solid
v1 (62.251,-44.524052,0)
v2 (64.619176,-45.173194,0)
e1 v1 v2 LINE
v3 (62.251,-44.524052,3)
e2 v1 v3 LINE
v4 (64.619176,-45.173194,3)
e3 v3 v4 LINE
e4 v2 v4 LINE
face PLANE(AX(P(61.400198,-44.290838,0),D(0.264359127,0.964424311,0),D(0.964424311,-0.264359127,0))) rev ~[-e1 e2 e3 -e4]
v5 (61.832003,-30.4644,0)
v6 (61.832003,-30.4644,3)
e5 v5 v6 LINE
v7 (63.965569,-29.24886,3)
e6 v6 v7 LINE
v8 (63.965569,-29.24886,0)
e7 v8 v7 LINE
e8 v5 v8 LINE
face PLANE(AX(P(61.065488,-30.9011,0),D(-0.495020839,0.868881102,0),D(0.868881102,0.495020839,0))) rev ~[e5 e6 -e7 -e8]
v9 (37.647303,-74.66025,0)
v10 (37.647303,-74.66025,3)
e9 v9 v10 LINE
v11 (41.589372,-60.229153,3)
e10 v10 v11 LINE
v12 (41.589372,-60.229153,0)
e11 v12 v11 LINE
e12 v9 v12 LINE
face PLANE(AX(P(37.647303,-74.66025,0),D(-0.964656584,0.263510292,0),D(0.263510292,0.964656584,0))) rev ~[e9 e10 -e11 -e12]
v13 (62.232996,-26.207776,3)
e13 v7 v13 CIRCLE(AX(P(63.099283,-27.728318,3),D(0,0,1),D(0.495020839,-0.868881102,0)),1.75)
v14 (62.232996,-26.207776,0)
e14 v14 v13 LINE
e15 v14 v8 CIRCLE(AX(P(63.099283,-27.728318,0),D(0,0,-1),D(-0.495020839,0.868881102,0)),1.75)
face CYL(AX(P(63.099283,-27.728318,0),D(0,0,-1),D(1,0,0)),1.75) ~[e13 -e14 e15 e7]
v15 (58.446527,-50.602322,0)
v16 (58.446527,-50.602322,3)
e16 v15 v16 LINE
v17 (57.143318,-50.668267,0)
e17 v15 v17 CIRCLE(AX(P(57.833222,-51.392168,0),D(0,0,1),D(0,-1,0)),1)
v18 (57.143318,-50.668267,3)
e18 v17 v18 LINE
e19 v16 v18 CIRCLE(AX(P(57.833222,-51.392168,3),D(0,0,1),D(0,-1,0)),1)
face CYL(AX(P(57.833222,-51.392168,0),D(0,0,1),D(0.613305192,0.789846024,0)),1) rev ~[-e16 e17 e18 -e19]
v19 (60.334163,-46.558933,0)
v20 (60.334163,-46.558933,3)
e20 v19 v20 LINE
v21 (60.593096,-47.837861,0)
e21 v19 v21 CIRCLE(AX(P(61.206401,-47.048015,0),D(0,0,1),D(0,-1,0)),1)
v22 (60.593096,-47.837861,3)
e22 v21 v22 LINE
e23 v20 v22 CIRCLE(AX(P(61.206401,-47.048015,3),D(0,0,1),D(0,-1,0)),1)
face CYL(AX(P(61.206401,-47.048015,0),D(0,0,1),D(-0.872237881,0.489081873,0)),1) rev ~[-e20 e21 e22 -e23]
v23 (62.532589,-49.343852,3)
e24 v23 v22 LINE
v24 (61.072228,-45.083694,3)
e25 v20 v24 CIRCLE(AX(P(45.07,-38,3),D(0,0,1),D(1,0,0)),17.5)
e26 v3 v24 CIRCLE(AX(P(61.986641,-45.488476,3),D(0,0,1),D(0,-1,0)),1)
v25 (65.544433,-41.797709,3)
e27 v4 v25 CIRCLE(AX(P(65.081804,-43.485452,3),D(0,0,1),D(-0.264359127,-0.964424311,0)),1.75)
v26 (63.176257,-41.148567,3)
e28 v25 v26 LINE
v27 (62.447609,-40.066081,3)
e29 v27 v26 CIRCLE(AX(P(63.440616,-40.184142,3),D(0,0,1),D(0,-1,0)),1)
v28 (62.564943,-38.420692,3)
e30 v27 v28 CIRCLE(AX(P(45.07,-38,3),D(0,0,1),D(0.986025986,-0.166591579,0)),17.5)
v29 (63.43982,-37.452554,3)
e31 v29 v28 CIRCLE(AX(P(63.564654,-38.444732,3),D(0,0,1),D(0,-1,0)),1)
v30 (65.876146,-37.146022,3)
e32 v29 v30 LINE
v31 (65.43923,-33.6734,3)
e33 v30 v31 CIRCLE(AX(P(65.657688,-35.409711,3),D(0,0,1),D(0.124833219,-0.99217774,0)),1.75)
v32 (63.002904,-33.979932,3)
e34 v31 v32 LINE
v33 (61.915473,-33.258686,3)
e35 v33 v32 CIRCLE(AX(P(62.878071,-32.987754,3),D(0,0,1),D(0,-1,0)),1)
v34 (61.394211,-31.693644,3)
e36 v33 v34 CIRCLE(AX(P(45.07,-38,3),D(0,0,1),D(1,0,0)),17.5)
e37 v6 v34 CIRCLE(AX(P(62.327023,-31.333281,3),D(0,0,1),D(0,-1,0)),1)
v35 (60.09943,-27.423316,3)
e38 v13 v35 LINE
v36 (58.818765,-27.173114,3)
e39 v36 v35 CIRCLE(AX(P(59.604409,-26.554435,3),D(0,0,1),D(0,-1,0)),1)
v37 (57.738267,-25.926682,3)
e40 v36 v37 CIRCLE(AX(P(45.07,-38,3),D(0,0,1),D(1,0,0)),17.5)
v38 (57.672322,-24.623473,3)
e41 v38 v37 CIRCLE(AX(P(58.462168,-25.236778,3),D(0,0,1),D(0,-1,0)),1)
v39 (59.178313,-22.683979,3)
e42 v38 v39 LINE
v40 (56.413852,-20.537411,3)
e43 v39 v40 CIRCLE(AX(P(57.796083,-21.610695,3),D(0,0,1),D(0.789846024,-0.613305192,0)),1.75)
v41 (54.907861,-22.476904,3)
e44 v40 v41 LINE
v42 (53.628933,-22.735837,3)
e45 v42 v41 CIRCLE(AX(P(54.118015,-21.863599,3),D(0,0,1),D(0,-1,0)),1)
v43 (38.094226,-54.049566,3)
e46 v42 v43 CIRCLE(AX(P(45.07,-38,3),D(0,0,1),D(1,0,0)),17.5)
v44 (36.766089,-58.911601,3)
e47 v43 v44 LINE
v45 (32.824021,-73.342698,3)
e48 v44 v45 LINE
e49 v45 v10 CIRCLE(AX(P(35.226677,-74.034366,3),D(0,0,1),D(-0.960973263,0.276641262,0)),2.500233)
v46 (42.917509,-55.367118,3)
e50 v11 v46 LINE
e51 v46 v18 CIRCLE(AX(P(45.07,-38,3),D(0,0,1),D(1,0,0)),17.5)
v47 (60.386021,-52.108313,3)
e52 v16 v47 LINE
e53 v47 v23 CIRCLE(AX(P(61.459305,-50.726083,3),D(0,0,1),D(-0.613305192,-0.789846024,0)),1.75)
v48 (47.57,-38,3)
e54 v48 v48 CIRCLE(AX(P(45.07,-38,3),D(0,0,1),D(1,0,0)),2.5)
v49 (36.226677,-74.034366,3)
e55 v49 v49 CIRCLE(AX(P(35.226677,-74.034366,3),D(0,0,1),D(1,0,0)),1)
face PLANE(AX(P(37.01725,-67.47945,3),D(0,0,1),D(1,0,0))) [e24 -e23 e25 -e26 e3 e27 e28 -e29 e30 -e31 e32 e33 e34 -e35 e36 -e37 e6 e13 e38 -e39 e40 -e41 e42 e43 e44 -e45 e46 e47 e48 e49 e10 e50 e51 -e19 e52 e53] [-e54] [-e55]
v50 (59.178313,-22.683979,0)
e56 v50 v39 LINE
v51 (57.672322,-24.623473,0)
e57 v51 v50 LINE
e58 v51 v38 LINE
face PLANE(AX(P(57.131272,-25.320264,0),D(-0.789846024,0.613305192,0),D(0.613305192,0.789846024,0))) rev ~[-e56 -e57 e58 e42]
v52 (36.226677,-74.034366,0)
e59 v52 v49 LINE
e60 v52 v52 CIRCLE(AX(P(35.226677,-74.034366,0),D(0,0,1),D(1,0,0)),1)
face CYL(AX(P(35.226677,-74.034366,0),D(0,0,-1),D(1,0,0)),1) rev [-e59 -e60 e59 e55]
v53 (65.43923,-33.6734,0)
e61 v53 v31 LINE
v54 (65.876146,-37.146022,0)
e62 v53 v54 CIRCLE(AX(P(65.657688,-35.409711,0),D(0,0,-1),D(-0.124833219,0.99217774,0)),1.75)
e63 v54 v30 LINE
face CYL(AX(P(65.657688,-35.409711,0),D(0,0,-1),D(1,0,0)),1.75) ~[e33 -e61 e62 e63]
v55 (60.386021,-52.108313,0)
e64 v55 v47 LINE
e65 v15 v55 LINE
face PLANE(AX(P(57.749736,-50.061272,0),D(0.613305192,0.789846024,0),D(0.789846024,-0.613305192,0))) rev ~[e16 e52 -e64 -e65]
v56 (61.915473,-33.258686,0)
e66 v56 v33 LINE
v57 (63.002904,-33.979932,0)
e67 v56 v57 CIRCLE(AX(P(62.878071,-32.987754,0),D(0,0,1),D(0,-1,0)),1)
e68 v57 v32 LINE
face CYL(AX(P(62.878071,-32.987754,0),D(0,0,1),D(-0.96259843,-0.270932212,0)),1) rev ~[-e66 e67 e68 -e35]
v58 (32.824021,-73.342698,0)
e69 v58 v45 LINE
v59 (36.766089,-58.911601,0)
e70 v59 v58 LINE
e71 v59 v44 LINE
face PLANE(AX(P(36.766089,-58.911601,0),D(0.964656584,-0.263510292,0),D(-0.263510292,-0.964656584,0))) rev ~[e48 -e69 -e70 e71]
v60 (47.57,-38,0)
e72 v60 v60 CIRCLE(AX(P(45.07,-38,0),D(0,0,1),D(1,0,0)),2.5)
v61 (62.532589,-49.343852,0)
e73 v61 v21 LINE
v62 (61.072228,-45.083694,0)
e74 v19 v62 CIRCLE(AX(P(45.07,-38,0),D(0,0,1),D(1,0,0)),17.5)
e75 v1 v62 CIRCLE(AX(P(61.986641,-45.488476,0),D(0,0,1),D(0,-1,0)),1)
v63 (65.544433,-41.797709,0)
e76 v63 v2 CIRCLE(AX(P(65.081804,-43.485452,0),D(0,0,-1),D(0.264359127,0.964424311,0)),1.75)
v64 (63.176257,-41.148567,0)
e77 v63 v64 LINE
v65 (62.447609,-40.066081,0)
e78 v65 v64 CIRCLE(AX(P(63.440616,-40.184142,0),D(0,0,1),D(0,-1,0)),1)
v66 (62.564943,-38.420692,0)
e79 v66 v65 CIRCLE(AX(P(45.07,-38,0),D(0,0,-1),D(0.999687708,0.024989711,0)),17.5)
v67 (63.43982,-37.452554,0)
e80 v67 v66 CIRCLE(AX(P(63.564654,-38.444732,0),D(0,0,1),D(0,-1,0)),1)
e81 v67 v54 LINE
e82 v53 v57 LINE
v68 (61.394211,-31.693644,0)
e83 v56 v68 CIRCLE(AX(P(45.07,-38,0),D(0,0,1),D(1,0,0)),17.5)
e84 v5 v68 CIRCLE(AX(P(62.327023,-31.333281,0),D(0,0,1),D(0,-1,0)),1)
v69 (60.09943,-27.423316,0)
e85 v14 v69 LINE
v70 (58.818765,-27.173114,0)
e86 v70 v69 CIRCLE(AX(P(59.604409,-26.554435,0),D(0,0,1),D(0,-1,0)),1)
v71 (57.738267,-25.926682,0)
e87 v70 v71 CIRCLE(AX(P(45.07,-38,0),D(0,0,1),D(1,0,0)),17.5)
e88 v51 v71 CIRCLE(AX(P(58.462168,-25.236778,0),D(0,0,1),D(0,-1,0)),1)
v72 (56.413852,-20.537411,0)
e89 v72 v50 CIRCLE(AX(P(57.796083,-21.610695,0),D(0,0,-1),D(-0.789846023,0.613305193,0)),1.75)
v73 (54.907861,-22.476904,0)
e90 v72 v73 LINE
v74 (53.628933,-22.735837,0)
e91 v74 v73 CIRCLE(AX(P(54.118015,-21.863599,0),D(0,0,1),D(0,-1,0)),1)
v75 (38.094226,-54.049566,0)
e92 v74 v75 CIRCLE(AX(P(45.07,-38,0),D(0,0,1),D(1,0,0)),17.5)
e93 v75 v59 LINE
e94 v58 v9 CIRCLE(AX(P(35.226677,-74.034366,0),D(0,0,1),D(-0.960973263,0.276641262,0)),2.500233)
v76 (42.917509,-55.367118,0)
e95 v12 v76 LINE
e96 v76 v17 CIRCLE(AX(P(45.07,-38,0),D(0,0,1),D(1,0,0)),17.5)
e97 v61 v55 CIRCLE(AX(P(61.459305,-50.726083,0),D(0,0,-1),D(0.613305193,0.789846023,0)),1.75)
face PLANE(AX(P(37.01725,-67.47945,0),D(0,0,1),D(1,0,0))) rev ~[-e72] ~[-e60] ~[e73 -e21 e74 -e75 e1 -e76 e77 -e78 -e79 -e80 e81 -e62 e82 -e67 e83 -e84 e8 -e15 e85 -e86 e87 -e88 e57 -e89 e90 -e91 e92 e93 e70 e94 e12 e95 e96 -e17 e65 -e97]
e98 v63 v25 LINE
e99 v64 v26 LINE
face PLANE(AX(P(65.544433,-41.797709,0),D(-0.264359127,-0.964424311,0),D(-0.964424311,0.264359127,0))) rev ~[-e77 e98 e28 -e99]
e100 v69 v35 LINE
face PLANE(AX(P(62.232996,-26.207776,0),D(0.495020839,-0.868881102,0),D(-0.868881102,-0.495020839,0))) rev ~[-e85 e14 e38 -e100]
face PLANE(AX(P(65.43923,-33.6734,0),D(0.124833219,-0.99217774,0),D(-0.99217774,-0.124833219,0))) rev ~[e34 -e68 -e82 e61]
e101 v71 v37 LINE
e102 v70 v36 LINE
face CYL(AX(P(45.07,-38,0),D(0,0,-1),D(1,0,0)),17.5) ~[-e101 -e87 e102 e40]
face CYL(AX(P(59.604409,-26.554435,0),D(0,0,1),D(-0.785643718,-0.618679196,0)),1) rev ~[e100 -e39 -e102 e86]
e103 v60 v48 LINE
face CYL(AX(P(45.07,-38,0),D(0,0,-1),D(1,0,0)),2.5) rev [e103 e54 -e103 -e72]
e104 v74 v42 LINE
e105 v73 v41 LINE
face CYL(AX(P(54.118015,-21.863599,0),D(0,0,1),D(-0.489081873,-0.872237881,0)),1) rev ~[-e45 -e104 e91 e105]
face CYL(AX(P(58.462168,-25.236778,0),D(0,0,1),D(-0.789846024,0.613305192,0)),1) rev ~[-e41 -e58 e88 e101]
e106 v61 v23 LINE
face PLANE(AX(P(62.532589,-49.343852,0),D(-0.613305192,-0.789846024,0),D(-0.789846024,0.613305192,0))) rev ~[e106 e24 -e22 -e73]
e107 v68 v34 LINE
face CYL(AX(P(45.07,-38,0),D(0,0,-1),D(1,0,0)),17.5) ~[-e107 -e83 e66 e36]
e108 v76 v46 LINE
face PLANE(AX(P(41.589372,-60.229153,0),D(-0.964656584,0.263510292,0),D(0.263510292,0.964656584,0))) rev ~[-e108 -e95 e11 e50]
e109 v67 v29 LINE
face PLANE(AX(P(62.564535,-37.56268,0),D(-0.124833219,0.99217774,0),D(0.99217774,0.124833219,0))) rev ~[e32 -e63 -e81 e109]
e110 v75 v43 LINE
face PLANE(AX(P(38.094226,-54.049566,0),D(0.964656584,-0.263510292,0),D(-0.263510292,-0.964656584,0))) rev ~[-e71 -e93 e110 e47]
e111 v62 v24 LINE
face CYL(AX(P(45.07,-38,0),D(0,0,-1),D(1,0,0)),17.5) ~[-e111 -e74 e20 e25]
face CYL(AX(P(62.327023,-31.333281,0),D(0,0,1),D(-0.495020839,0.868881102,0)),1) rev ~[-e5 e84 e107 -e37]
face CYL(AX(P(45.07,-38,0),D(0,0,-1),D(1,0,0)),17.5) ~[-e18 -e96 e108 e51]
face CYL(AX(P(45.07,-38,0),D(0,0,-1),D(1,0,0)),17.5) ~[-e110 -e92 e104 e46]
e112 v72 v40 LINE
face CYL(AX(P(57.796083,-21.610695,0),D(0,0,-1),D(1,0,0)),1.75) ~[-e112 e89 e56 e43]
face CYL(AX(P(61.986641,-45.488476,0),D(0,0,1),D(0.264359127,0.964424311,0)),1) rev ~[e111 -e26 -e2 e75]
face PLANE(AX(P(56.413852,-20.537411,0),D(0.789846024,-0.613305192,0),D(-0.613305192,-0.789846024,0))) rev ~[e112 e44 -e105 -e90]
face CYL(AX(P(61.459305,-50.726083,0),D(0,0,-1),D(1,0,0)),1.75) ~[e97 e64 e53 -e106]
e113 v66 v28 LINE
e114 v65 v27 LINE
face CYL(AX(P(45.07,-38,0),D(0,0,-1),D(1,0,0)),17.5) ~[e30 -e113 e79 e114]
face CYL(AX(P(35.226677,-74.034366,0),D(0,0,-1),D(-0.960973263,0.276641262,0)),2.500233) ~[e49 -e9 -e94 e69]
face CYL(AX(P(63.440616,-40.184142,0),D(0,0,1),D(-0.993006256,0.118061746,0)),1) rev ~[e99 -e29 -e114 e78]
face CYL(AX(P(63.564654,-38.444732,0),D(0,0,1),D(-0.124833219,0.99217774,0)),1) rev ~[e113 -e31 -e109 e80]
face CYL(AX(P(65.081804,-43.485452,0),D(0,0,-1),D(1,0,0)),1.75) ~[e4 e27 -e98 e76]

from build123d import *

# Parameters (mm, degrees)
SKETCH1_R           = 17.5
SKETCH1_R_2         = 2.5
SKETCH1_R_3         = 1.75
SKETCH1_R_4         = 1
BOSS_EXTRUDE1_DEPTH = 3
FILLET1_R           = 1


with BuildPart() as part:
    # Sketch1 → Boss-Extrude1 (new body)
    # profile 1 of 13: a face of its own
    with BuildSketch(Plane.XY):
        with Locations((45.07, -38)):
            Circle(SKETCH1_R)
        with Locations((45.07, -38)):
            Circle(SKETCH1_R_2, mode=Mode.SUBTRACT)
    # profile 2 of 13: a face of its own
    with BuildSketch(Plane.XY):
        with BuildLine():
            ThreePointArc((59.178313279, -22.683979093), (56.722798651, -22.992925548), (56.413852196, -20.53741092))
            Line((56.413852196, -20.53741092), (54.366811281, -23.173695673))
            ThreePointArc((54.366811281, -23.173695673), (55.802840863, -24.177694584), (57.131272364, -25.320263845))
            Line((57.131272364, -25.320263845), (59.178313279, -22.683979093))
        make_face()
    # profile 3 of 13: a face of its own
    with BuildSketch(Plane.XY):
        with Locations((57.796082737, -21.610695007)):
            Circle(SKETCH1_R_3)
    # profile 4 of 13: a face of its own
    with BuildSketch(Plane.XY):
        with Locations((63.099282859, -27.728317587)):
            Circle(SKETCH1_R_3)
    # profile 5 of 13: a face of its own
    with BuildSketch(Plane.XY):
        with BuildLine():
            Line((62.23299639, -26.207775659), (59.33291469, -27.860016541))
            ThreePointArc((59.33291469, -27.860016541), (60.275419279, -29.337135314), (61.065487627, -30.901100396))
            Line((61.065487627, -30.901100396), (63.965569327, -29.248859515))
            ThreePointArc((63.965569327, -29.248859515), (61.578740931, -28.594604056), (62.23299639, -26.207775659))
        make_face()
    # profile 6 of 13: a face of its own
    with BuildSketch(Plane.XY):
        with BuildLine():
            ThreePointArc((65.876146235, -37.146021746), (63.921377057, -35.628168835), (65.439229968, -33.673399657))
            Line((65.439229968, -33.673399657), (62.12761863, -34.090057971))
            ThreePointArc((62.12761863, -34.090057971), (62.433110447, -35.815418664), (62.564534897, -37.56268006))
            Line((62.564534897, -37.56268006), (65.876146235, -37.146021746))
        make_face()
    # profile 7 of 13: a face of its own
    with BuildSketch(Plane.XY):
        with Locations((65.657688101, -35.409710702)):
            Circle(SKETCH1_R_3)
    # profile 8 of 13: a face of its own
    with BuildSketch(Plane.XY):
        with BuildLine():
            ThreePointArc((62.325454762, -40.915352631), (61.947425446, -42.626284719), (61.400197818, -44.29083772))
            Line((61.400197818, -44.29083772), (64.619175986, -45.173194426))
            ThreePointArc((64.619175986, -45.173194426), (63.394061913, -43.022823409), (65.54443293, -41.797709336))
            Line((65.54443293, -41.797709336), (62.325454762, -40.915352631))
        make_face()
    # profile 9 of 13: a face of its own
    with BuildSketch(Plane.XY):
        with Locations((65.081804458, -43.485451881)):
            Circle(SKETCH1_R_3)
    # profile 10 of 13: a face of its own
    with BuildSketch(Plane.XY):
        with Locations((61.459304993, -50.726082737)):
            Circle(SKETCH1_R_3)
    # profile 11 of 13: a face of its own
    with BuildSketch(Plane.XY):
        with BuildLine():
            ThreePointArc((59.896304327, -47.296811281), (58.892305416, -48.732840863), (57.749736155, -50.061272364))
            Line((57.749736155, -50.061272364), (60.386020907, -52.108313279))
            ThreePointArc((60.386020907, -52.108313279), (60.077074452, -49.652798651), (62.53258908, -49.343852196))
            Line((62.53258908, -49.343852196), (59.896304327, -47.296811281))
        make_face()
    # profile 12 of 13: a face of its own
    with BuildSketch(Plane.XY):
        with BuildLine():
            ThreePointArc((42.917509319, -55.367117892), (40.458569889, -54.881490228), (38.094226397, -54.049566432))
            Line((38.094226397, -54.049566432), (36.76608928, -58.911601248))
            ThreePointArc((36.76608928, -58.911601248), (39.141018428, -59.704773151), (41.589372203, -60.229152708))
            Line((41.589372203, -60.229152708), (42.917509319, -55.367117892))
        make_face()
    # profile 13 of 13: a face of its own
    with BuildSketch(Plane.XY):
        with BuildLine():
            ThreePointArc((41.589372203, -60.229152708), (39.141018428, -59.704773151), (36.76608928, -58.911601248))
            Line((36.76608928, -58.911601248), (32.824020556, -73.342698121))
            ThreePointArc((32.824020556, -73.342698121), (34.567840149, -76.446231348), (37.647303478, -74.660249581))
            Line((37.647303478, -74.660249581), (41.589372203, -60.229152708))
        make_face()
        with Locations((35.226677147, -74.034365596)):
            Circle(SKETCH1_R_4, mode=Mode.SUBTRACT)
    extrude(amount=BOSS_EXTRUDE1_DEPTH)

    # Fillet1
    fillet1_edges = [part.edges().sort_by_distance(p)[0] for p in [
        (62.325454762, -40.915352631, 1.5),
        (61.400197818, -44.29083772, 1.5),
        (59.896304327, -47.296811281, 1.5),
        (57.749736155, -50.061272364, 1.5),
        (54.366811281, -23.173695673, 1.5),
        (57.131272364, -25.320263845, 1.5),
        (59.33291469, -27.860016541, 1.5),
        (61.065487627, -30.901100396, 1.5),
        (62.12761863, -34.090057971, 1.5),
        (62.564534897, -37.56268006, 1.5),
    ]]
    fillet(fillet1_edges, radius=FILLET1_R)


solid = part.part
